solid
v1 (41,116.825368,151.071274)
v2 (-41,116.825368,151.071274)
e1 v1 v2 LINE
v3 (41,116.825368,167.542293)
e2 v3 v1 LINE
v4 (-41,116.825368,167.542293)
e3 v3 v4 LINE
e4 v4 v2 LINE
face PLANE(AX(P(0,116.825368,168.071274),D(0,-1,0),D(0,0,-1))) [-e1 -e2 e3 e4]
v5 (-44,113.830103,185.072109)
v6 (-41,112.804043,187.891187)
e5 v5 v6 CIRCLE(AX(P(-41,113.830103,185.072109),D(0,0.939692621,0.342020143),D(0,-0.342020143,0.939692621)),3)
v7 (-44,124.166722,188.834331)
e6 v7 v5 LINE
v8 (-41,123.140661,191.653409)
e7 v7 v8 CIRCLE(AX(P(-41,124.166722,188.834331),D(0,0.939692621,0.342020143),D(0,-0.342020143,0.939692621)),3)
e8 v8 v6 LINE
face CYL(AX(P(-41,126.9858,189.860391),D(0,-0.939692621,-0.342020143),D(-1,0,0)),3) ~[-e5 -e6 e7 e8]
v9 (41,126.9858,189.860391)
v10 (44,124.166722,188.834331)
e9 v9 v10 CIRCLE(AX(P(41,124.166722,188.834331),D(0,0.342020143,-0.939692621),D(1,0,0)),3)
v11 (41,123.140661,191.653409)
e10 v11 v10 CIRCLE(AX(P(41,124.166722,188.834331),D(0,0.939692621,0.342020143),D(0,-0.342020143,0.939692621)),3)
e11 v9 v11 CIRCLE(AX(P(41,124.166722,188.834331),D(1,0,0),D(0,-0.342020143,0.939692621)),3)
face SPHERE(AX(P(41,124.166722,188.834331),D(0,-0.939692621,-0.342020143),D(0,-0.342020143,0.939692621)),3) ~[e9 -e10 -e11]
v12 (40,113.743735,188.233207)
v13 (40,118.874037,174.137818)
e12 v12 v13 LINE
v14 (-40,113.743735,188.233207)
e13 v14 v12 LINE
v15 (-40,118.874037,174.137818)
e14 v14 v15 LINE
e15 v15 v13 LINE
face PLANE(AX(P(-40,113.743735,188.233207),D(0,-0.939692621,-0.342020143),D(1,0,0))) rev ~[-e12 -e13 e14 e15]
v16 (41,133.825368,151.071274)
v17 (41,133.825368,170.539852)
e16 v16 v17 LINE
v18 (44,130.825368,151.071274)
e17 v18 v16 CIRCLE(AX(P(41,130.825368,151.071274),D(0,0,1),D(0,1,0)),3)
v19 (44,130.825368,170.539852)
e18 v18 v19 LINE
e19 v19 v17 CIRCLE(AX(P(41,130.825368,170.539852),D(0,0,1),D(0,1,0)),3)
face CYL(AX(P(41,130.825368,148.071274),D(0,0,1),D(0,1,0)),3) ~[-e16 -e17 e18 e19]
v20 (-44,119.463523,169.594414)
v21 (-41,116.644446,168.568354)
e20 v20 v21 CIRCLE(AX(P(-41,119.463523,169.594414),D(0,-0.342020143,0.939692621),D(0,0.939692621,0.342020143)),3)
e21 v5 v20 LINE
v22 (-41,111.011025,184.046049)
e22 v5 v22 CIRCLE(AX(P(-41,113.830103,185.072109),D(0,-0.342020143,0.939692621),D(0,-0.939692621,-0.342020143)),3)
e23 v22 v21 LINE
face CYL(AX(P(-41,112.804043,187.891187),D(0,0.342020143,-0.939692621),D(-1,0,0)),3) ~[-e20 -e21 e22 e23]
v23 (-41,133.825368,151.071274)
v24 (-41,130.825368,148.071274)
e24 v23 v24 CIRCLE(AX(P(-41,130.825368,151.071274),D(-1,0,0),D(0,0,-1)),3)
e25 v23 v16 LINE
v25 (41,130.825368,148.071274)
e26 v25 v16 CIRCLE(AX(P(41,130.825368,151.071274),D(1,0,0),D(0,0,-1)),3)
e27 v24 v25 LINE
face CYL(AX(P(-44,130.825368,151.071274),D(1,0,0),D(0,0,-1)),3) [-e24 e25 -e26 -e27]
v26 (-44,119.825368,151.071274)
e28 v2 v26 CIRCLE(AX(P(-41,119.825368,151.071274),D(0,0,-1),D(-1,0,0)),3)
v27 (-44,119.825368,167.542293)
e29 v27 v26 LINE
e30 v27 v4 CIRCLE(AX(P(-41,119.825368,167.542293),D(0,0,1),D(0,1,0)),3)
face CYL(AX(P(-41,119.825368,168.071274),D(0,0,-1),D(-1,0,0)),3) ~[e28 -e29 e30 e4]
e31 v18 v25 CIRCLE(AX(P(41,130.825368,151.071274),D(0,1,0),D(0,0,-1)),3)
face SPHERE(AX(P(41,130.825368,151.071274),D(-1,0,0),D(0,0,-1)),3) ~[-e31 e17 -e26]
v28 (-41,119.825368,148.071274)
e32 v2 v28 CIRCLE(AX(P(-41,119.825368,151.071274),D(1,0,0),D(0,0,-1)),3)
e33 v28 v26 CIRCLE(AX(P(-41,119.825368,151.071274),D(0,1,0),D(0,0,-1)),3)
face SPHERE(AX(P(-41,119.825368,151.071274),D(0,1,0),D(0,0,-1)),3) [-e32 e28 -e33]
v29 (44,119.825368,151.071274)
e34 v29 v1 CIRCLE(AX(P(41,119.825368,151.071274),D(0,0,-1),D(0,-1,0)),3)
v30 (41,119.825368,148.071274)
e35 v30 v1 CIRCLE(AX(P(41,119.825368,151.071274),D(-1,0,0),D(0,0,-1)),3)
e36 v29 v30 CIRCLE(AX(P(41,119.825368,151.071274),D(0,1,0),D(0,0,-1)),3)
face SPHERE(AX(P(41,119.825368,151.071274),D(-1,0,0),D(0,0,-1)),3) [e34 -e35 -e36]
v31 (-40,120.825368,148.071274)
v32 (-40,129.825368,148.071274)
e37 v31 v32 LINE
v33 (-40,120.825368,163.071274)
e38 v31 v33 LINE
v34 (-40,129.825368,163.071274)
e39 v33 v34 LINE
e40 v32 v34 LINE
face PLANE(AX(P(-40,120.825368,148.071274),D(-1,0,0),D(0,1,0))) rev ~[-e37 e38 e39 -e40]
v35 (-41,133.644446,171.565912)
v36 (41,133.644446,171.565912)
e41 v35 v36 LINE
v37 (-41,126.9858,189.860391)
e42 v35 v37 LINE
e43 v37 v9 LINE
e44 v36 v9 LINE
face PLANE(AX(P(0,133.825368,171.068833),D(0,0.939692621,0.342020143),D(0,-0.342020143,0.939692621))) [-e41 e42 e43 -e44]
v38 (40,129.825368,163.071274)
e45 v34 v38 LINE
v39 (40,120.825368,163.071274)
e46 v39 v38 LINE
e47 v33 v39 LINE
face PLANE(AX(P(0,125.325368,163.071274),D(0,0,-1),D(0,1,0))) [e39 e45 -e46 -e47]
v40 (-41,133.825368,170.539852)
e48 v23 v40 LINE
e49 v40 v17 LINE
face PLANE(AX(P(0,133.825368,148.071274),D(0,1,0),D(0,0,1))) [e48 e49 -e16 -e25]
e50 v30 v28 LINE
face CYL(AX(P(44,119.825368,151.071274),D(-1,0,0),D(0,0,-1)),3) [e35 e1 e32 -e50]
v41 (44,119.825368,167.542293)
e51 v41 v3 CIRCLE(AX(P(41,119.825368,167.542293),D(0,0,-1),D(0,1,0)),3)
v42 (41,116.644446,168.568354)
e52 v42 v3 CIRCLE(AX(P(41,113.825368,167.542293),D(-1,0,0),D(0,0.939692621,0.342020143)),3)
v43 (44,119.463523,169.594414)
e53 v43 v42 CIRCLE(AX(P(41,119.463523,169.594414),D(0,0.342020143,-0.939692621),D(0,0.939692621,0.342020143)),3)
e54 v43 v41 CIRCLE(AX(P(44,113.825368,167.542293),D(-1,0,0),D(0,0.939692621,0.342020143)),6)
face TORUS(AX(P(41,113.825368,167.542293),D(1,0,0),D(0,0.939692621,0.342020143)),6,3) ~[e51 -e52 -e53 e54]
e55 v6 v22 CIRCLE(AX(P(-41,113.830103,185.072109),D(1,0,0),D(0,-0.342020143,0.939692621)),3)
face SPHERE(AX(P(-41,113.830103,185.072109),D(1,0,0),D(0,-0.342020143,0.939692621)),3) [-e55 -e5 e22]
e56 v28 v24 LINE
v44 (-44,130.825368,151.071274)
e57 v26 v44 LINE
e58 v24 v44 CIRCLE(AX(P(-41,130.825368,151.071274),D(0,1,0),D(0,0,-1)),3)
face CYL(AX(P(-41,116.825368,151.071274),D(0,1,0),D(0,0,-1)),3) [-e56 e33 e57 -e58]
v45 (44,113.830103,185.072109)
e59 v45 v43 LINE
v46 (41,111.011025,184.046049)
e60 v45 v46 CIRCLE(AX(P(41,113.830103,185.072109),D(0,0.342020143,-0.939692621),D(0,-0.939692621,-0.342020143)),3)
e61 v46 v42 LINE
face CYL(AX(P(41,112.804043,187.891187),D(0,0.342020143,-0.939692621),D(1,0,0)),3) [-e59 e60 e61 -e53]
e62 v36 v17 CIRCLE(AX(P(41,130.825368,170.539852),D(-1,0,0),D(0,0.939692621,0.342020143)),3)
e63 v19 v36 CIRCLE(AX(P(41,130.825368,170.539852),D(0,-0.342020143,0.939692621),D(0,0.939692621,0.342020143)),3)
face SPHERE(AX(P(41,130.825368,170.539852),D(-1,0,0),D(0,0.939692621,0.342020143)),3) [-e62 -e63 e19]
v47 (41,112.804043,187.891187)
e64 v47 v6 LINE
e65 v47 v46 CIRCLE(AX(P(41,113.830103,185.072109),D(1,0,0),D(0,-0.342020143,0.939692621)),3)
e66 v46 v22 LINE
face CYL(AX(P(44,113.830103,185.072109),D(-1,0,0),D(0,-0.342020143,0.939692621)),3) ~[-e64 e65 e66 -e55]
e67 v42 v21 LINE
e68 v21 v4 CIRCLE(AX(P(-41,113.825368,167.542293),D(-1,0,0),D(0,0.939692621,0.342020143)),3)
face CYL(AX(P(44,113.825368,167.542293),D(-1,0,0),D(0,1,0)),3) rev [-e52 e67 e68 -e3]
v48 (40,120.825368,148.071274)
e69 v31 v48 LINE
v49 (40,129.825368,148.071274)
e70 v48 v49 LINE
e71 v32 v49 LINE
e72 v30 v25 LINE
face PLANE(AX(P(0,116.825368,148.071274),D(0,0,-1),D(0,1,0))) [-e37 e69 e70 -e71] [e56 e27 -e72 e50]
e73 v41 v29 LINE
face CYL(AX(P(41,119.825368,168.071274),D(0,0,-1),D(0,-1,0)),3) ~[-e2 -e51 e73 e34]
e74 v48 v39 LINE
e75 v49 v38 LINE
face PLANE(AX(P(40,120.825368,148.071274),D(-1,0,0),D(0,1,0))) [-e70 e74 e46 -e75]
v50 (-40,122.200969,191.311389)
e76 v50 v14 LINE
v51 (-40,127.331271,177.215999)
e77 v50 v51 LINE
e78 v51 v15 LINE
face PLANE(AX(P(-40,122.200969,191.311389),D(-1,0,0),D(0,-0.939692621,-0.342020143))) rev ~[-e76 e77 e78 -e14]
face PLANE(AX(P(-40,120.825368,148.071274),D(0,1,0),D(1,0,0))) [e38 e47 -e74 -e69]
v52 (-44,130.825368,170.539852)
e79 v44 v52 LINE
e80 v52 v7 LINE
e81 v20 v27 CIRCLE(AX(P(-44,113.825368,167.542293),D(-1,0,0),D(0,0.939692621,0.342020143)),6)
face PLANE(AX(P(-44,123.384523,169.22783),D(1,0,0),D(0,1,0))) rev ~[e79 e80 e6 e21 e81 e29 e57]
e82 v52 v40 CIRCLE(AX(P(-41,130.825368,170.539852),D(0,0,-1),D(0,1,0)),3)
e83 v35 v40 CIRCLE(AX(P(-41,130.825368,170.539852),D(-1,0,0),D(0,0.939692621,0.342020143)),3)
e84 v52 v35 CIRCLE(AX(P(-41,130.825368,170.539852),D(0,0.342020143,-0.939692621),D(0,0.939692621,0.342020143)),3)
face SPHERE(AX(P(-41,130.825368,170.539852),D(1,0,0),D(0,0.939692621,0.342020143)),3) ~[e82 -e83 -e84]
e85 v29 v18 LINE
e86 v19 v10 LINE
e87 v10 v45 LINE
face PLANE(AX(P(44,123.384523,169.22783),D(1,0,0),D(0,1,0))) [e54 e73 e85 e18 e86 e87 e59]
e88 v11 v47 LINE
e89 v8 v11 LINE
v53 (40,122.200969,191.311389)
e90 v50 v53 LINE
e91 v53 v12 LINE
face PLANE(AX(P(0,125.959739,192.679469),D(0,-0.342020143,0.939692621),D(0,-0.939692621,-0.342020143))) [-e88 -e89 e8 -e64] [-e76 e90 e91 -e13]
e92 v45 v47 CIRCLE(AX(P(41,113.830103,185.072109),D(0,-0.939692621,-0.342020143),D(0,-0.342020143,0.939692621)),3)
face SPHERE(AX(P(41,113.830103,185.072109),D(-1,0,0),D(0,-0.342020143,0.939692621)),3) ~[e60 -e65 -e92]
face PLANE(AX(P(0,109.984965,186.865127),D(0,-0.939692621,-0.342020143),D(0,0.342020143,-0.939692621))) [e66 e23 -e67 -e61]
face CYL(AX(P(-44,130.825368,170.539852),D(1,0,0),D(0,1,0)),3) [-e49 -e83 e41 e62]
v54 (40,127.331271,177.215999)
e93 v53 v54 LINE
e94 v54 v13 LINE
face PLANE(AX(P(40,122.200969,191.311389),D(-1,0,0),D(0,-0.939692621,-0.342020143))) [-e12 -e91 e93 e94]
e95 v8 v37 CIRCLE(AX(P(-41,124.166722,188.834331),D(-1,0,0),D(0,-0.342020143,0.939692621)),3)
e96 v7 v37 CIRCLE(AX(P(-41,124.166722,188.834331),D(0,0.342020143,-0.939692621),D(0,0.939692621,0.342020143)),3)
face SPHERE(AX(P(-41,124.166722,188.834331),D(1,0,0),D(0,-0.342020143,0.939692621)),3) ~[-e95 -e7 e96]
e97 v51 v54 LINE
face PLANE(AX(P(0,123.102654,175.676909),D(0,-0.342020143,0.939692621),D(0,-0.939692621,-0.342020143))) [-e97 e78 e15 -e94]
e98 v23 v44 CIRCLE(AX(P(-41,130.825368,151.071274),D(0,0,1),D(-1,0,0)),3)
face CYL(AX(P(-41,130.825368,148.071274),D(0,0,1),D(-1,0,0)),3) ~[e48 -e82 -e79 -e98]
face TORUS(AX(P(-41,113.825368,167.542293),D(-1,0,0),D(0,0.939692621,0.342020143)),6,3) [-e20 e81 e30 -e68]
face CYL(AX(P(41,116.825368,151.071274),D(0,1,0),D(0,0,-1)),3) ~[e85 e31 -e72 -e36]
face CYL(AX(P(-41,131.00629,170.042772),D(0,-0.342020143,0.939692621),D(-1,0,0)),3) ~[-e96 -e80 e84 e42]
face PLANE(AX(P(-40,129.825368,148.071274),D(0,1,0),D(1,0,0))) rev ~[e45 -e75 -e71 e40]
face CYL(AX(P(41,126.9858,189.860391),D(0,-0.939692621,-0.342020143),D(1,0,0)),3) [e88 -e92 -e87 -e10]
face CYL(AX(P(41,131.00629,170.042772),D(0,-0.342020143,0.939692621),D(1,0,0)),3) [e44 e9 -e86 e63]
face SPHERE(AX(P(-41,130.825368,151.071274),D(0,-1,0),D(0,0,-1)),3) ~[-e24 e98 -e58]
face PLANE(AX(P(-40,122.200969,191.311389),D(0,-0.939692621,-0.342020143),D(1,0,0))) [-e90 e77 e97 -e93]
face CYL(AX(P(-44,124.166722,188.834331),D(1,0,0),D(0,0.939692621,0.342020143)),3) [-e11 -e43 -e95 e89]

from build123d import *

# Parameters (mm, degrees)
PAD008_DEPTH    = 44
SKETCH009_W     = 9
SKETCH009_H     = 80
POCKET_DEPTH    = 15
SKETCH011_W     = 9
SKETCH011_H     = 80
POCKET001_DEPTH = 15
FILLET006_R     = 3


with BuildPart() as part:
    # Sketch007 → Pad008 (new body, symmetric)
    with BuildSketch(Plane.YZ):
        Polygon((122.8253676514, 151.0712742396), (139.8253676514, 151.0712742396), (139.8253676514, 174.0688329116), (131.9597393383, 195.6794690919), (115.9849647849, 189.8651266553), (122.8253676514, 171.0712742396), align=None)
    extrude(amount=PAD008_DEPTH, both=True)

    # Sketch009 (on Face4 of Pad008) → Pocket (cut)
    with BuildSketch(Plane(origin=(0, -47.4538119498, 130.378276799), x_dir=(0, -0.9396926208, -0.3420201433), z_dir=(0, -0.3420201433, 0.9396926208))):
        with Locations((-182.4279133617, 0)):
            Rectangle(SKETCH009_W, SKETCH009_H)
    extrude(amount=-POCKET_DEPTH, mode=Mode.SUBTRACT)

    # Sketch011 (on Face1 of Pocket) → Pocket001 (cut)
    with BuildSketch(Plane.YX.offset(-151.0712742396)):
        with Locations((131.3253676514, 0)):
            Rectangle(SKETCH011_W, SKETCH011_H)
    extrude(amount=-POCKET001_DEPTH, mode=Mode.SUBTRACT)

    # Fillet006
    fillet006_edges = [part.edges().sort_by_distance(p)[0] for p in [
        (0, 139.825368, 174.068833),
        (0, 122.825368, 171.071274),
        (0, 115.984965, 189.865127),
        (44, 123.972352, 192.772298),
        (0, 131.959739, 195.679469),
        (-44, 123.972352, 192.772298),
        (-44, 131.325368, 151.071274),
        (0, 122.825368, 151.071274),
        (0, 139.825368, 151.071274),
        (44, 131.325368, 151.071274),
        (-44, 135.892553, 184.874151),
        (-44, 139.825368, 162.570054),
        (-44, 119.405166, 180.4682),
        (-44, 122.825368, 161.071274),
        (44, 119.405166, 180.4682),
        (44, 122.825368, 161.071274),
        (44, 135.892553, 184.874151),
        (44, 139.825368, 162.570054),
    ]]
    fillet(fillet006_edges, radius=FILLET006_R)


with BuildPart() as part_1:
    # Body011 placement: moved
    add(part.part.moved(Location((0, -6, -3))))


solid = part_1.part
